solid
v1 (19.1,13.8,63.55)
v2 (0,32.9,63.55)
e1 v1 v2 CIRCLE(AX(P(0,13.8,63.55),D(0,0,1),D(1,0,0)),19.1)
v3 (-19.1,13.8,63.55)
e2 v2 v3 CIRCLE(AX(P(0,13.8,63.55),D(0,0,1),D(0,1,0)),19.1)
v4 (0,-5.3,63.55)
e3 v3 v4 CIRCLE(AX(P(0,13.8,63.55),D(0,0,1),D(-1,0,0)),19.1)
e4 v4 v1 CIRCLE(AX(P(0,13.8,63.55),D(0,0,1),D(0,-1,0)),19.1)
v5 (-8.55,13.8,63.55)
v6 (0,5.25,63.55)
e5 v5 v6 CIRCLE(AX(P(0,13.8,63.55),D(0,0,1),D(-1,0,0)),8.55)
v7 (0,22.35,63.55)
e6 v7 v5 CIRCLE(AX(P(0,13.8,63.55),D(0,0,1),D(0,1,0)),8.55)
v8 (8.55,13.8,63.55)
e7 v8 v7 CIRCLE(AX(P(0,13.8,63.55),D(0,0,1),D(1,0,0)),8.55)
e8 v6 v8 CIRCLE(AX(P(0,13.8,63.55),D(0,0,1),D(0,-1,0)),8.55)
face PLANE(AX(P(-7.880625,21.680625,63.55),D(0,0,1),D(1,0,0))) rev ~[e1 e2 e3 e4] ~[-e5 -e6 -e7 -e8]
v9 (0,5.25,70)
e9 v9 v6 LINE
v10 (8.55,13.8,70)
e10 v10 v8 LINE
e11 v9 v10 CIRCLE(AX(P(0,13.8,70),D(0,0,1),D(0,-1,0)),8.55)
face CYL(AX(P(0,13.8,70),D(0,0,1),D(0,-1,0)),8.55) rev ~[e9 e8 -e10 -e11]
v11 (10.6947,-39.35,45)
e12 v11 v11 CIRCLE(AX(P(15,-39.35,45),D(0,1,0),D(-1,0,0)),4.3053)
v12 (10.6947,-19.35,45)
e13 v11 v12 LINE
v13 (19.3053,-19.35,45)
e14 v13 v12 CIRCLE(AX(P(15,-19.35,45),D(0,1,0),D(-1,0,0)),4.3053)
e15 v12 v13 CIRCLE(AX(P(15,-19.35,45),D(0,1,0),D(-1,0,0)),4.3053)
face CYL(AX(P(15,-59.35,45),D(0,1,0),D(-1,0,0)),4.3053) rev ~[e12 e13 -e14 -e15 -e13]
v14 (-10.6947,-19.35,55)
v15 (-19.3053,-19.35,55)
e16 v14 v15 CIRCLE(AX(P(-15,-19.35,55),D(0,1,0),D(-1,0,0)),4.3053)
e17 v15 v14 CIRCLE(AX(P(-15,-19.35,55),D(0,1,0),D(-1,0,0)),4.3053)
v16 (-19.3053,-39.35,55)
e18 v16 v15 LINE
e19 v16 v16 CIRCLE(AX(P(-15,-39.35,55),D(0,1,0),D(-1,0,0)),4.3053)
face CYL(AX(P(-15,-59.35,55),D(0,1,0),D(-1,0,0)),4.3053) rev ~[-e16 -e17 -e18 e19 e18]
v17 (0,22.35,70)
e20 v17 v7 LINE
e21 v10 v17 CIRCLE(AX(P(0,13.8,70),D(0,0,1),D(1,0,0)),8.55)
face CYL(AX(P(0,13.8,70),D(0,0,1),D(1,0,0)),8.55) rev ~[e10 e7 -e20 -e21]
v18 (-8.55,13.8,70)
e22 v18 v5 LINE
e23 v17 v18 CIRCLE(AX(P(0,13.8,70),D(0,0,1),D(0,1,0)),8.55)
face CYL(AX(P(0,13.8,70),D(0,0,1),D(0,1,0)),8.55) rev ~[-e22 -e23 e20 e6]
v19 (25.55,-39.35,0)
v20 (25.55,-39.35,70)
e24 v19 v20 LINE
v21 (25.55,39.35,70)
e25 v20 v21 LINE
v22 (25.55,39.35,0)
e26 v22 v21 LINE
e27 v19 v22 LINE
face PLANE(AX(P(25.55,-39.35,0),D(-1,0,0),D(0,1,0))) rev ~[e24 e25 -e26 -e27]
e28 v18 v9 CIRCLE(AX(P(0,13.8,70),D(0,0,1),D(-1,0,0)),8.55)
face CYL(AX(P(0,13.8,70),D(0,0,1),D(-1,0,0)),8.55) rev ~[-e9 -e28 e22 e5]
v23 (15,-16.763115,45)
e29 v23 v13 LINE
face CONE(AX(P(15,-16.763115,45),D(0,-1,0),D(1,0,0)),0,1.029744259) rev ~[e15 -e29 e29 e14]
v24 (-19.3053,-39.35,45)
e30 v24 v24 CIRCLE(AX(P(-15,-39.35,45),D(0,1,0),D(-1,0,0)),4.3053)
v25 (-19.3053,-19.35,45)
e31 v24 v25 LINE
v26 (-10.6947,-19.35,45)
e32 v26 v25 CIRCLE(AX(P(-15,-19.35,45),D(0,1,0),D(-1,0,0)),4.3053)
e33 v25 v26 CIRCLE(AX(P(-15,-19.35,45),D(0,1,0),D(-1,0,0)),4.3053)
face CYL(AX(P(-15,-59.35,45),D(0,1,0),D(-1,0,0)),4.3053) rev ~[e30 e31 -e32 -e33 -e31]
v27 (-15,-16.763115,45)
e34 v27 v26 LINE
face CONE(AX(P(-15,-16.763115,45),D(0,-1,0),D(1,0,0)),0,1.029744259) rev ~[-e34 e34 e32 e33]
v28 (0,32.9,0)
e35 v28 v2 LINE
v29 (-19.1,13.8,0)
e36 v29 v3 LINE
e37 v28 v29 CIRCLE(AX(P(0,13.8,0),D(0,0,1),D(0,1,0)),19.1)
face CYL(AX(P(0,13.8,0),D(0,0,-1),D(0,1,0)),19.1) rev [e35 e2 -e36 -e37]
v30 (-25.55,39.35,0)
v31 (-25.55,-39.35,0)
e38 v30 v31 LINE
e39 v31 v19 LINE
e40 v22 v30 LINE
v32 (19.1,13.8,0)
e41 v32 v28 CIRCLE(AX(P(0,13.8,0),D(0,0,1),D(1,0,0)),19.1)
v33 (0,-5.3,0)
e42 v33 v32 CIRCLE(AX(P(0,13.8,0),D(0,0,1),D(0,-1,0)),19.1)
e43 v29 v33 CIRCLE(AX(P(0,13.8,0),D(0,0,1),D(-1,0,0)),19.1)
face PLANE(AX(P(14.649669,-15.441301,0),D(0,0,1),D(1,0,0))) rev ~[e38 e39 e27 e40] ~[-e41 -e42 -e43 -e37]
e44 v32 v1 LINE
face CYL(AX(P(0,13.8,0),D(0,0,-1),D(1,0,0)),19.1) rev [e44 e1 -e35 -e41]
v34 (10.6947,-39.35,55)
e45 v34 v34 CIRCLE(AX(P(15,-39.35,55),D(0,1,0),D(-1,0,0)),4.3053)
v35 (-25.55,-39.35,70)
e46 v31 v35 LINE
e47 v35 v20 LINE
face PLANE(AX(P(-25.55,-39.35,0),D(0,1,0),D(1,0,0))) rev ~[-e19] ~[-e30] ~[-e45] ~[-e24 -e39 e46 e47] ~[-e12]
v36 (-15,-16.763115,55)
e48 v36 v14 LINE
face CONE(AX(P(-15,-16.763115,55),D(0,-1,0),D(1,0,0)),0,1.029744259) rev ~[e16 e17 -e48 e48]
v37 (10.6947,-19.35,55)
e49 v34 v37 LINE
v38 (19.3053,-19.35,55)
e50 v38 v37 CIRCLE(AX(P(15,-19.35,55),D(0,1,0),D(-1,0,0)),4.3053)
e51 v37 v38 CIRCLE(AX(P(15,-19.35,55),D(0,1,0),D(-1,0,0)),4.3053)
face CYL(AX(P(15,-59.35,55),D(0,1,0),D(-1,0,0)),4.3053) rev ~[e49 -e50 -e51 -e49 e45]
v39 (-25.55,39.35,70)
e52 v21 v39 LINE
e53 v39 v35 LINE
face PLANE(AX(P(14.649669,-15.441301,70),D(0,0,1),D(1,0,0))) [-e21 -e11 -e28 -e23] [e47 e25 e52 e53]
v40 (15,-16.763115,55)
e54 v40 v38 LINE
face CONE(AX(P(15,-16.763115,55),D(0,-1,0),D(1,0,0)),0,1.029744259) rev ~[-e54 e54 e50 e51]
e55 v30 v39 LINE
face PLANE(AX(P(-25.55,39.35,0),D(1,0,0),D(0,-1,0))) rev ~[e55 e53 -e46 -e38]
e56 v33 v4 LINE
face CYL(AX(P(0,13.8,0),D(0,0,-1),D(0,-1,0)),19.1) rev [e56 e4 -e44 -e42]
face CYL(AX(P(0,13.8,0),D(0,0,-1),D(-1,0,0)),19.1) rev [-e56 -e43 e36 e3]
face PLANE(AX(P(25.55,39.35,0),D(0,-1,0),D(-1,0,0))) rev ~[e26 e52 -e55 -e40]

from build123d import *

# Parameters (mm, degrees)
F1_DEPTH = 70
F3_DEPTH = 63.55
F4_DEPTH = 6.45
F6_D     = 8.6106
F6_DEPTH = 20
F6_TIP   = 2.5868852231


with BuildPart() as f1:
    # F0 (on Top) → F1 (new body)
    with BuildSketch(Plane.XY):
        with BuildLine():
            Line((0, -39.35), (25.55, -39.35))
            Line((25.55, -39.35), (25.55, 13.8))
            Line((25.55, 13.8), (19.1, 13.8))
            ThreePointArc((19.1, 13.8), (13.5057395207, 0.2942604793), (0, -5.3))
            Line((0, -5.3), (0, -39.35))
        make_face()
        with BuildLine():
            Line((-25.55, -39.35), (0, -39.35))
            Line((0, -39.35), (0, -5.3))
            ThreePointArc((0, -5.3), (-13.5057395207, 0.2942604793), (-19.1, 13.8))
            Line((-19.1, 13.8), (-25.55, 13.8))
            Line((-25.55, 13.8), (-25.55, -39.35))
        make_face()
        with BuildLine():
            Line((19.1, 13.8), (25.55, 13.8))
            Line((25.55, 13.8), (25.55, 39.35))
            Line((25.55, 39.35), (0, 39.35))
            Line((0, 39.35), (0, 32.9))
            ThreePointArc((0, 32.9), (13.5057395207, 27.3057395207), (19.1, 13.8))
        make_face()
        with BuildLine():
            Line((-25.55, 39.35), (-25.55, 13.8))
            Line((-25.55, 13.8), (-19.1, 13.8))
            ThreePointArc((-19.1, 13.8), (-13.5057395207, 27.3057395207), (0, 32.9))
            Line((0, 32.9), (0, 39.35))
            Line((0, 39.35), (-25.55, 39.35))
        make_face()
        with BuildLine():
            Line((0, 13.8), (19.1, 13.8))
            ThreePointArc((19.1, 13.8), (13.5057395207, 27.3057395207), (0, 32.9))
            Line((0, 32.9), (0, 13.8))
        make_face()
        with BuildLine():
            Line((0, 13.8), (0, -5.3))
            ThreePointArc((0, -5.3), (13.5057395207, 0.2942604793), (19.1, 13.8))
            Line((19.1, 13.8), (0, 13.8))
        make_face()
        with BuildLine():
            ThreePointArc((-19.1, 13.8), (-13.5057395207, 0.2942604793), (0, -5.3))
            Line((0, -5.3), (0, 13.8))
            Line((0, 13.8), (-19.1, 13.8))
        make_face()
        with BuildLine():
            Line((-19.1, 13.8), (0, 13.8))
            Line((0, 13.8), (0, 32.9))
            ThreePointArc((0, 32.9), (-13.5057395207, 27.3057395207), (-19.1, 13.8))
        make_face()
    extrude(amount=F1_DEPTH)

    # F0 (on Top) → F3 (cut)
    with BuildSketch(Plane.XY):
        with BuildLine():
            Line((-19.1, 13.8), (0, 13.8))
            Line((0, 13.8), (0, 32.9))
            ThreePointArc((0, 32.9), (-13.5057395207, 27.3057395207), (-19.1, 13.8))
        make_face()
        with BuildLine():
            Line((0, 13.8), (19.1, 13.8))
            ThreePointArc((19.1, 13.8), (13.5057395207, 27.3057395207), (0, 32.9))
            Line((0, 32.9), (0, 13.8))
        make_face()
        with BuildLine():
            Line((0, 13.8), (0, -5.3))
            ThreePointArc((0, -5.3), (13.5057395207, 0.2942604793), (19.1, 13.8))
            Line((19.1, 13.8), (0, 13.8))
        make_face()
        with BuildLine():
            ThreePointArc((-19.1, 13.8), (-13.5057395207, 0.2942604793), (0, -5.3))
            Line((0, -5.3), (0, 13.8))
            Line((0, 13.8), (-19.1, 13.8))
        make_face()
    extrude(amount=F3_DEPTH, mode=Mode.SUBTRACT)

    # F2 (on face) → F4 (cut)
    with BuildSketch(Plane.XY.offset(70)):
        with BuildLine():
            Line((0, 5.25), (0, 13.8))
            Line((0, 13.8), (-8.55, 13.8))
            ThreePointArc((-8.55, 13.8), (-6.0457629791, 7.7542370209), (0, 5.25))
        make_face()
        with BuildLine():
            Line((8.55, 13.8), (0, 13.8))
            Line((0, 13.8), (0, 5.25))
            ThreePointArc((0, 5.25), (6.0457629791, 7.7542370209), (8.55, 13.8))
        make_face()
        with BuildLine():
            ThreePointArc((8.55, 13.8), (6.0457629791, 19.8457629791), (0, 22.35))
            Line((0, 22.35), (0, 13.8))
            Line((0, 13.8), (8.55, 13.8))
        make_face()
        with BuildLine():
            Line((0, 13.8), (0, 22.35))
            ThreePointArc((0, 22.35), (-6.0457629791, 19.8457629791), (-8.55, 13.8))
            Line((-8.55, 13.8), (0, 13.8))
        make_face()
    extrude(amount=-F4_DEPTH, mode=Mode.SUBTRACT)

    # F6
    with Locations(Plane.XZ.offset(39.35)):
        with Locations((-15, 55), (15, 55), (15, 45), (-15, 45)):
            Hole(F6_D / 2, depth=F6_DEPTH)
            with Locations((0, 0, -(F6_DEPTH + F6_TIP / 2))):  # 118° drill point
                Cone(0, F6_D / 2, F6_TIP, mode=Mode.SUBTRACT)


solid = f1.part
